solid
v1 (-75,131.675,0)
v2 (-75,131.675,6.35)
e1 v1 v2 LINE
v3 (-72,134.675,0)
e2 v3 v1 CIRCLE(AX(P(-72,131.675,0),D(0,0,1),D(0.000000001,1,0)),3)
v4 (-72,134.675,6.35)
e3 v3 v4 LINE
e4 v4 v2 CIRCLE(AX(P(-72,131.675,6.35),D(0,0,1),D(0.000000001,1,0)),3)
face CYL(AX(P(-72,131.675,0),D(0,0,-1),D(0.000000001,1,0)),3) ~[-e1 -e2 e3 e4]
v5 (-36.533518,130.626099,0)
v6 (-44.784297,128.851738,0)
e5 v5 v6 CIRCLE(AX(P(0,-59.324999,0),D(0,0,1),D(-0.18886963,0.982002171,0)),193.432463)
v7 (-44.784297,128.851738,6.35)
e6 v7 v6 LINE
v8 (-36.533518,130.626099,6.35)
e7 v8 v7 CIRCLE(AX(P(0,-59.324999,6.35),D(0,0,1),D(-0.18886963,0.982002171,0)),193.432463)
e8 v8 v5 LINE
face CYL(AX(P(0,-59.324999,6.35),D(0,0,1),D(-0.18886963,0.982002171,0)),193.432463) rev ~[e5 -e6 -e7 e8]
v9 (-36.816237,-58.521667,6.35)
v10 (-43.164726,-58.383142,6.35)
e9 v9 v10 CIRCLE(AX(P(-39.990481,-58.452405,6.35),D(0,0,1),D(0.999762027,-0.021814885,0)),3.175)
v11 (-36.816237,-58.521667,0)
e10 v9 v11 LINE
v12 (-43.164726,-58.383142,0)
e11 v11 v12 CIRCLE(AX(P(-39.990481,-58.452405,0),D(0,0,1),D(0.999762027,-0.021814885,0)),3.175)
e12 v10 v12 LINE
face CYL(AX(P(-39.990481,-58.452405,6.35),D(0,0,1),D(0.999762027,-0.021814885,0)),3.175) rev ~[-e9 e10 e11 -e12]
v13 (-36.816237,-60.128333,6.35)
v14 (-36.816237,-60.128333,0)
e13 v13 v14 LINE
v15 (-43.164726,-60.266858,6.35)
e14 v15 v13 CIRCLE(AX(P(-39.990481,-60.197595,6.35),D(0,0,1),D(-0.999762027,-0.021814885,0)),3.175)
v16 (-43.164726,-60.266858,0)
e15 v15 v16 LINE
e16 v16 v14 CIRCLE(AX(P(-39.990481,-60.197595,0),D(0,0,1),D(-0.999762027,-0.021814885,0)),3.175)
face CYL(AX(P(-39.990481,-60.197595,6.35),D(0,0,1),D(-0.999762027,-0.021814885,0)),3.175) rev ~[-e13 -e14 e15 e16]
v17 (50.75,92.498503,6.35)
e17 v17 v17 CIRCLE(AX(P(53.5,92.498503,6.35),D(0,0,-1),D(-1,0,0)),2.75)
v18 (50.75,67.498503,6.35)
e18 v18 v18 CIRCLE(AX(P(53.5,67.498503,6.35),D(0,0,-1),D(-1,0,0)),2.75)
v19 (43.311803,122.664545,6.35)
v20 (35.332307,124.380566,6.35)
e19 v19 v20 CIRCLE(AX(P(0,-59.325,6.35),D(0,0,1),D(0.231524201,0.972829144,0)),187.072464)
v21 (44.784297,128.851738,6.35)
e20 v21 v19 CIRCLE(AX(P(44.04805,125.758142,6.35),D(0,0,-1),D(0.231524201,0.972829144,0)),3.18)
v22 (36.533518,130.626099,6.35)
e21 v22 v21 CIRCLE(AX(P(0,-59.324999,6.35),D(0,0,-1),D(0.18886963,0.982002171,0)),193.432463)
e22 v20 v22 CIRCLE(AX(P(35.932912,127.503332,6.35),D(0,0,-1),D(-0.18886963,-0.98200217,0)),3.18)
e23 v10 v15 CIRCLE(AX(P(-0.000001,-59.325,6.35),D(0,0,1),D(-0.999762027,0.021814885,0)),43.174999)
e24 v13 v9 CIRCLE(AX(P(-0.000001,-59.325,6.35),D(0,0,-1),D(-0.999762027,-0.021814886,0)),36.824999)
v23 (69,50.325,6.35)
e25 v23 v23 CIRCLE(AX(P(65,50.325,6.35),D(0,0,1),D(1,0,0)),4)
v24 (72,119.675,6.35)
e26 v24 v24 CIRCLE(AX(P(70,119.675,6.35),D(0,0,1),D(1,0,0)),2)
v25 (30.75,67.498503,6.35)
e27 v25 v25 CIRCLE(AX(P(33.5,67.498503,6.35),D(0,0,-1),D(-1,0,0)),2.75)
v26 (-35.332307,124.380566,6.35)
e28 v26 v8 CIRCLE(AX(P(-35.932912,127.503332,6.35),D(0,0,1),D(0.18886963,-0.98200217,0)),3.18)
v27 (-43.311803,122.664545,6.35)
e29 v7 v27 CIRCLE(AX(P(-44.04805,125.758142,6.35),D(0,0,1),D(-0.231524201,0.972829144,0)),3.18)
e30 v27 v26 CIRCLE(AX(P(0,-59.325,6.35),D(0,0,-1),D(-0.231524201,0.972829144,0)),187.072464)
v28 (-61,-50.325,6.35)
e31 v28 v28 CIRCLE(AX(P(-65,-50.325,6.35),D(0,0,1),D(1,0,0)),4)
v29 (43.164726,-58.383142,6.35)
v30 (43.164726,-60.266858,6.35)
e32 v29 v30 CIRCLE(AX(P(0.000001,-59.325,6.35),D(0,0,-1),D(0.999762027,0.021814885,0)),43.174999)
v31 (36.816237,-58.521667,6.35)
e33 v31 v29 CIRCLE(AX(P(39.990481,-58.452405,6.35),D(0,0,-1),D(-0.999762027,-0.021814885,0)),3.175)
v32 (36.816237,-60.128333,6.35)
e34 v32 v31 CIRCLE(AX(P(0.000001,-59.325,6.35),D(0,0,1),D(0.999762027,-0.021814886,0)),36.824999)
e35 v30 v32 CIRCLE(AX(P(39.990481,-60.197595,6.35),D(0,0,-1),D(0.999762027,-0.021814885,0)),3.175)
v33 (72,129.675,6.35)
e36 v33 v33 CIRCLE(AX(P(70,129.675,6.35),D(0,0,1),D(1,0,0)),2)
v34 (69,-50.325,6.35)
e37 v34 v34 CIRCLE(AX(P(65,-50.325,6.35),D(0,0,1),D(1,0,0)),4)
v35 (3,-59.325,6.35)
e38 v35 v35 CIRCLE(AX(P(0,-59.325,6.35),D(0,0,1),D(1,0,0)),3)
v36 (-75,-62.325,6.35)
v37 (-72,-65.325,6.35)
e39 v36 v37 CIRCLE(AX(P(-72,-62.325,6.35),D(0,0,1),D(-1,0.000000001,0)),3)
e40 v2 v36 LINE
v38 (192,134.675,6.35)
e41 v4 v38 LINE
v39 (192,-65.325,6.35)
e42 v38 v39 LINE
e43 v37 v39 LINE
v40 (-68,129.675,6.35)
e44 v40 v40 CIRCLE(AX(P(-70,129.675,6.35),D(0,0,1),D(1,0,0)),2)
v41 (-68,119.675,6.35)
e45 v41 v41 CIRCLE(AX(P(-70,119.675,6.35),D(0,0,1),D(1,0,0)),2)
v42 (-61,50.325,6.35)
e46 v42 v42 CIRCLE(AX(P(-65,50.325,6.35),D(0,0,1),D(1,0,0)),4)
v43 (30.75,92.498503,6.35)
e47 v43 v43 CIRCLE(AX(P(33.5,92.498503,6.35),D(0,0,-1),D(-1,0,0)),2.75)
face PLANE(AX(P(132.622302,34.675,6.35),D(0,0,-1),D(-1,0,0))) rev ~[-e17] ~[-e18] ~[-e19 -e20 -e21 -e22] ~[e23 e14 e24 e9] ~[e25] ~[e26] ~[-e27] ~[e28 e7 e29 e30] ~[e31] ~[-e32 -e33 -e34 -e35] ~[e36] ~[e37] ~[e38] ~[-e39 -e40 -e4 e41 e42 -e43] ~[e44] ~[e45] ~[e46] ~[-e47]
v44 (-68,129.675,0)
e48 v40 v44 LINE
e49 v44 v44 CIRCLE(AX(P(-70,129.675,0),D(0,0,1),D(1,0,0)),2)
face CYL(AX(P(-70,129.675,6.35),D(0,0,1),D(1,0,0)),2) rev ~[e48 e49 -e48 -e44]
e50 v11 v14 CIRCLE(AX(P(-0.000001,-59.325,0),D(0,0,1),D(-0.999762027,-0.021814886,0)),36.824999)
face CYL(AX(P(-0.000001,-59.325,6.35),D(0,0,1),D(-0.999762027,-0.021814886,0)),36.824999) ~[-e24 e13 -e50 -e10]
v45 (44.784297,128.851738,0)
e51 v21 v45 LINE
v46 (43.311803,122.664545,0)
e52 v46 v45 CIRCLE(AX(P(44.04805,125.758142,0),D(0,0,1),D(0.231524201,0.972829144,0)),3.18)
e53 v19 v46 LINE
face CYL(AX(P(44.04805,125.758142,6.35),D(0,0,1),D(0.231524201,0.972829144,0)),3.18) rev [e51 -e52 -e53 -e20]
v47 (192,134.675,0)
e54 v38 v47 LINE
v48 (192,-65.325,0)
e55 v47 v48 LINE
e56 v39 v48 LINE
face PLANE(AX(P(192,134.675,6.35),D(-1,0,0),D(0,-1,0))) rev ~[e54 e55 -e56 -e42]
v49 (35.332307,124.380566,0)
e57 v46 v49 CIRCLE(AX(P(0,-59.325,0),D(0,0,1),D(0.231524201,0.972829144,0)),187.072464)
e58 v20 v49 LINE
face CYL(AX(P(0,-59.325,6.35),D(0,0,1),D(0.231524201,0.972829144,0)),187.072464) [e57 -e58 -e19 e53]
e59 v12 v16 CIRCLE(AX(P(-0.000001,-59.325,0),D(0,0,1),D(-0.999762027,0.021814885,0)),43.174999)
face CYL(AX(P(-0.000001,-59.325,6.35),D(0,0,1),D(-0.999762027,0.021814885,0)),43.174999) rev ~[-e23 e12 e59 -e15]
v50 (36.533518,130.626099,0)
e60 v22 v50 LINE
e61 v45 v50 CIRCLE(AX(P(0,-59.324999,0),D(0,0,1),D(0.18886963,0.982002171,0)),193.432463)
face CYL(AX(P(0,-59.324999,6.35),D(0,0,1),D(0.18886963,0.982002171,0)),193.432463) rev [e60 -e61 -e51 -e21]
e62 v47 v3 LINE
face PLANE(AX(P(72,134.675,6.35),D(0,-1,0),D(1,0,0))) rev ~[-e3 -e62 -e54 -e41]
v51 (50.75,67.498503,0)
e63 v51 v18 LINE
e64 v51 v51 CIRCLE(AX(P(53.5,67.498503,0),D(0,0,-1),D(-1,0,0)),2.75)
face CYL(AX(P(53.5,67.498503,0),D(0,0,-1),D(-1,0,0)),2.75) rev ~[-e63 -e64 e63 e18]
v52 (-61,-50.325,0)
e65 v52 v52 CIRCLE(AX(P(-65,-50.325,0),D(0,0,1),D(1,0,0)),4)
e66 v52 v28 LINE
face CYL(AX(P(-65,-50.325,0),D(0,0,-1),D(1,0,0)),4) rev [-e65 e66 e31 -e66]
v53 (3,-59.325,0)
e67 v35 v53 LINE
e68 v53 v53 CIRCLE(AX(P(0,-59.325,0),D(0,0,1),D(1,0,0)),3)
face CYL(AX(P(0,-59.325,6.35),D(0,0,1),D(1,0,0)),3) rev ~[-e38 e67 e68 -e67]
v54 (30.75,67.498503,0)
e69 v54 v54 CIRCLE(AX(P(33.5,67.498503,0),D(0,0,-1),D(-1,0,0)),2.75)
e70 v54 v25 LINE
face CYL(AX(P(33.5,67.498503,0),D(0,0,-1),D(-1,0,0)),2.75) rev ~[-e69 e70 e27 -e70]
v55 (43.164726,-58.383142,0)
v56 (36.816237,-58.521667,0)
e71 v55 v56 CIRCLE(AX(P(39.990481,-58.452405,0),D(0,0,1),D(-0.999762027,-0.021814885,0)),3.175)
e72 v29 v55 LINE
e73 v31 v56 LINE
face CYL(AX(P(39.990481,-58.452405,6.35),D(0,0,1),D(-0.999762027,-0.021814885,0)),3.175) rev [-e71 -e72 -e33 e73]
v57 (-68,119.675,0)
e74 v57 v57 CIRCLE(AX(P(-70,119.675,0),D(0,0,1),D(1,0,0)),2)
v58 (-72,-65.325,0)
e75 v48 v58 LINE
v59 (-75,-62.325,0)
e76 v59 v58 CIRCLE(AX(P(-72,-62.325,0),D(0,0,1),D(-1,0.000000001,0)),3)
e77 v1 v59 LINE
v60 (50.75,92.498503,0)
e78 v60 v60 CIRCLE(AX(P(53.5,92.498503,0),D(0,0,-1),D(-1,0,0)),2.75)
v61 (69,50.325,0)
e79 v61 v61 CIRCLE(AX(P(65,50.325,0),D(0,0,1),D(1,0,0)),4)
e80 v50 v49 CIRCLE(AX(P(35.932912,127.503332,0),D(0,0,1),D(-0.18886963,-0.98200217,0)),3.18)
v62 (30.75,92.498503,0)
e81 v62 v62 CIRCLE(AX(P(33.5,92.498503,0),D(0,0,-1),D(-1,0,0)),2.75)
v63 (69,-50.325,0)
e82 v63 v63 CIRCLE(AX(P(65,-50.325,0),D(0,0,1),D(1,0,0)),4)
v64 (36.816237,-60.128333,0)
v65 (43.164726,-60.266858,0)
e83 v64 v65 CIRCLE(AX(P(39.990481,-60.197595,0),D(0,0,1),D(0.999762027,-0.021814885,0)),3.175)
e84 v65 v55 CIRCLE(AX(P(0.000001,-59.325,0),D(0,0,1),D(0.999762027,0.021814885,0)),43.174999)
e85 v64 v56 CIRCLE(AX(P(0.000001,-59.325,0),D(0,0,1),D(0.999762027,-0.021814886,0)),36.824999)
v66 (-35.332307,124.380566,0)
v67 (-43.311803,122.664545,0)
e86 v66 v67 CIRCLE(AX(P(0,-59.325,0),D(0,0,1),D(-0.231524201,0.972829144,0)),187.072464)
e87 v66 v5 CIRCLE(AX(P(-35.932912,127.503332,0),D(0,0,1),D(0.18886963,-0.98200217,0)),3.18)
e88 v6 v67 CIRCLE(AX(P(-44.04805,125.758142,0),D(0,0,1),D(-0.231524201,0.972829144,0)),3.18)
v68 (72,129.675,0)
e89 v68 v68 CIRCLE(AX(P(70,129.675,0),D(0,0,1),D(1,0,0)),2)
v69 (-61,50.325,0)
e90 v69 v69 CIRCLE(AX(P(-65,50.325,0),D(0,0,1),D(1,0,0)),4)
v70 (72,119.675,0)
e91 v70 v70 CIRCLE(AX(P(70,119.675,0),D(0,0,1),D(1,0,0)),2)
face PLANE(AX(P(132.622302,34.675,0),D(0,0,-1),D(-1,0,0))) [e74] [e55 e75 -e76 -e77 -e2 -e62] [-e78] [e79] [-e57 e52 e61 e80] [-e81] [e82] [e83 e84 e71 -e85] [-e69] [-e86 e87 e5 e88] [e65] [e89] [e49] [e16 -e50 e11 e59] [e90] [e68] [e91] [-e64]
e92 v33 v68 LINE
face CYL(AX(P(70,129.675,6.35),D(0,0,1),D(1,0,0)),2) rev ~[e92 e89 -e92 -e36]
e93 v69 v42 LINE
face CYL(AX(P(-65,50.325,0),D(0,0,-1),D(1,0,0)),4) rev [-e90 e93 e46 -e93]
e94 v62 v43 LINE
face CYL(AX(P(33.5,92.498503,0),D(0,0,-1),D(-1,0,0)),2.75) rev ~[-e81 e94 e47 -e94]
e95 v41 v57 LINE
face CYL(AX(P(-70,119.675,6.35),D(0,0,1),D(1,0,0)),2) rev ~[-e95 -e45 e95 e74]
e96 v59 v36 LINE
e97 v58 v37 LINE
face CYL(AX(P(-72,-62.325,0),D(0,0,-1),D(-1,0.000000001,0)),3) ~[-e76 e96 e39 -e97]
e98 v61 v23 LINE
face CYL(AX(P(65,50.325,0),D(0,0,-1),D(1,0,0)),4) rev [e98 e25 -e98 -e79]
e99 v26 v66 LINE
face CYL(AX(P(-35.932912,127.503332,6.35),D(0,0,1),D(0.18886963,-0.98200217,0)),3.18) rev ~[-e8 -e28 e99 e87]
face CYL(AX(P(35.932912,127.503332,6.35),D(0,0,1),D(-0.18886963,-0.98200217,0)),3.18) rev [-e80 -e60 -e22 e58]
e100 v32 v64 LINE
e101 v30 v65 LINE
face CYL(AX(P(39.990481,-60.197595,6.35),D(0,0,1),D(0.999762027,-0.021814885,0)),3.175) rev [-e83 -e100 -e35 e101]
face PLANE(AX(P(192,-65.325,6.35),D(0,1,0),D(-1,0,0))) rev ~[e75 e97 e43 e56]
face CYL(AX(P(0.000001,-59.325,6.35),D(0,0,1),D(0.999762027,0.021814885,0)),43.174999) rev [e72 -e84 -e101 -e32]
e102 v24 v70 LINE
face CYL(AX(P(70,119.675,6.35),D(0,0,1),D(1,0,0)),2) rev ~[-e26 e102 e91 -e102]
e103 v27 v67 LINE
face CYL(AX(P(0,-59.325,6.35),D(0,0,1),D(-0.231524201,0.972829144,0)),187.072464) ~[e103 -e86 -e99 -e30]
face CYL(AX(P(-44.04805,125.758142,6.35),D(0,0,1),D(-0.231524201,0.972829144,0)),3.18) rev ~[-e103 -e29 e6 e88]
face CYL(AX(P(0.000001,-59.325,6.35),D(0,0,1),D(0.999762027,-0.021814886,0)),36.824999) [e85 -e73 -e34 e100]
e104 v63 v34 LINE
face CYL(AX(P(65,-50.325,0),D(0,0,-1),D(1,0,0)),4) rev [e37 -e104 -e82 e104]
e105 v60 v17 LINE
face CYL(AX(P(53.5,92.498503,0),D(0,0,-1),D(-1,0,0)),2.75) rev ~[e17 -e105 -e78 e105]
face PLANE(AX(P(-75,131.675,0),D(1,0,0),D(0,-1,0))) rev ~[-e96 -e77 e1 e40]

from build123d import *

# Parameters (mm, degrees)
SKETCH1_R           = 4
BOSS_EXTRUDE1_DEPTH = 6.35
SKETCH2_R           = 3
CUT_EXTRUDE1_DEPTH  = 10
SKETCH3_R           = 2
CUT_EXTRUDE2_DEPTH  = 7.35
SKETCH4_R           = 2.75
CUT_EXTRUDE3_DEPTH  = 10
BOSS_EXTRUDE2_DEPTH = 6.35


with BuildPart() as part:
    # Sketch1 → Boss-Extrude1 (new body)
    with BuildSketch(Plane.XY):
        with BuildLine():
            Line((72, 134.675), (-72, 134.675))
            ThreePointArc((-72, 134.675), (-74.121320344, 133.796320344), (-75, 131.675))
            Line((-75, 131.675), (-75, -62.325))
            ThreePointArc((-75, -62.325), (-74.121320344, -64.446320344), (-72, -65.325))
            Line((-72, -65.325), (72, -65.325))
            ThreePointArc((72, -65.325), (74.121320344, -64.446320344), (75, -62.325))
            Line((75, -62.325), (75, 131.675))
            ThreePointArc((75, 131.675), (74.121320344, 133.796320344), (72, 134.675))
        make_face()
        with Locations((-65, 50.325)):
            Circle(SKETCH1_R, mode=Mode.SUBTRACT)
        with Locations((-65, -50.325)):
            Circle(SKETCH1_R, mode=Mode.SUBTRACT)
        with Locations((65, -50.325)):
            Circle(SKETCH1_R, mode=Mode.SUBTRACT)
        with Locations((65, 50.325)):
            Circle(SKETCH1_R, mode=Mode.SUBTRACT)
    extrude(amount=BOSS_EXTRUDE1_DEPTH)

    # Sketch2 → Cut-Extrude1 (cut)
    with BuildSketch(Plane.XY.offset(6.35)):
        with Locations((0, -59.325)):
            Circle(SKETCH2_R)
        with BuildLine():
            ThreePointArc((-36.53351789, 130.62609934), (-40.668585297, 129.78392163), (-44.784296659, 128.851738315))
            ThreePointArc((-44.784296659, 128.851738315), (-47.141646379, 125.021894676), (-43.31180274, 122.664544956))
            ThreePointArc((-43.31180274, 122.664544956), (-39.331414703, 123.56607837), (-35.332307043, 124.380565536))
            ThreePointArc((-35.332307043, 124.380565536), (-32.810145565, 128.103937862), (-36.53351789, 130.62609934))
        make_face()
        with BuildLine():
            ThreePointArc((-43.164725519, -58.383142339), (-43.175, -59.325), (-43.164725519, -60.266857661))
            ThreePointArc((-43.164725519, -60.266857661), (-39.921218823, -63.371839837), (-36.816236647, -60.128333141))
            ThreePointArc((-36.816236647, -60.128333141), (-36.825, -59.325), (-36.816236647, -58.521666859))
            ThreePointArc((-36.816236647, -58.521666859), (-39.921218823, -55.278160163), (-43.164725519, -58.383142339))
        make_face()
        with BuildLine():
            ThreePointArc((36.53351789, 130.62609934), (40.668585297, 129.78392163), (44.784296659, 128.851738315))
            ThreePointArc((44.784296659, 128.851738315), (47.141646379, 125.021894676), (43.31180274, 122.664544956))
            ThreePointArc((43.31180274, 122.664544956), (39.331414703, 123.56607837), (35.332307043, 124.380565536))
            ThreePointArc((35.332307043, 124.380565536), (32.810145565, 128.103937862), (36.53351789, 130.62609934))
        make_face()
        with BuildLine():
            ThreePointArc((43.164725519, -58.383142339), (43.175, -59.325), (43.164725519, -60.266857661))
            ThreePointArc((43.164725519, -60.266857661), (39.921218823, -63.371839837), (36.816236647, -60.128333141))
            ThreePointArc((36.816236647, -60.128333141), (36.825, -59.325), (36.816236647, -58.521666859))
            ThreePointArc((36.816236647, -58.521666859), (39.921218823, -55.278160163), (43.164725519, -58.383142339))
        make_face()
    extrude(amount=-CUT_EXTRUDE1_DEPTH, mode=Mode.SUBTRACT)

    # Sketch3 → Cut-Extrude2 (cut, through all)
    with BuildSketch(Plane.XY.offset(6.35)):
        with Locations((-70, 129.675)):
            Circle(SKETCH3_R)
        with Locations((-70, 119.675)):
            Circle(SKETCH3_R)
        with Locations((70, 119.675)):
            Circle(SKETCH3_R)
        with Locations((70, 129.675)):
            Circle(SKETCH3_R)
    extrude(amount=-CUT_EXTRUDE2_DEPTH, mode=Mode.SUBTRACT)

    # Sketch4 → Cut-Extrude3 (cut)
    with BuildSketch(Plane(origin=(-33.865437688, -165.327994616, 0), x_dir=(-1, 0, 0), z_dir=(0, 0, -1))):
        with Locations((-67.365437688, 232.826497308)):
            Circle(SKETCH4_R)
        with Locations((-87.365437688, 232.826497308)):
            Circle(SKETCH4_R)
        with Locations((-87.365437688, 257.826497308)):
            Circle(SKETCH4_R)
        with Locations((-67.365437688, 257.826497308)):
            Circle(SKETCH4_R)
    extrude(amount=-CUT_EXTRUDE3_DEPTH, mode=Mode.SUBTRACT)

    # Sketch5 → Boss-Extrude2 (add)
    with BuildSketch(Plane.XY.offset(6.35)):
        with BuildLine():
            Line((72, 134.675), (192, 134.675))
            Line((192, 134.675), (192, -65.325))
            Line((192, -65.325), (72, -65.325))
            ThreePointArc((72, -65.325), (74.121320344, -64.446320344), (75, -62.325))
            Line((75, -62.325), (75, 131.675))
            ThreePointArc((75, 131.675), (74.121320344, 133.796320344), (72, 134.675))
        make_face()
    extrude(amount=-BOSS_EXTRUDE2_DEPTH)


solid = part.part
